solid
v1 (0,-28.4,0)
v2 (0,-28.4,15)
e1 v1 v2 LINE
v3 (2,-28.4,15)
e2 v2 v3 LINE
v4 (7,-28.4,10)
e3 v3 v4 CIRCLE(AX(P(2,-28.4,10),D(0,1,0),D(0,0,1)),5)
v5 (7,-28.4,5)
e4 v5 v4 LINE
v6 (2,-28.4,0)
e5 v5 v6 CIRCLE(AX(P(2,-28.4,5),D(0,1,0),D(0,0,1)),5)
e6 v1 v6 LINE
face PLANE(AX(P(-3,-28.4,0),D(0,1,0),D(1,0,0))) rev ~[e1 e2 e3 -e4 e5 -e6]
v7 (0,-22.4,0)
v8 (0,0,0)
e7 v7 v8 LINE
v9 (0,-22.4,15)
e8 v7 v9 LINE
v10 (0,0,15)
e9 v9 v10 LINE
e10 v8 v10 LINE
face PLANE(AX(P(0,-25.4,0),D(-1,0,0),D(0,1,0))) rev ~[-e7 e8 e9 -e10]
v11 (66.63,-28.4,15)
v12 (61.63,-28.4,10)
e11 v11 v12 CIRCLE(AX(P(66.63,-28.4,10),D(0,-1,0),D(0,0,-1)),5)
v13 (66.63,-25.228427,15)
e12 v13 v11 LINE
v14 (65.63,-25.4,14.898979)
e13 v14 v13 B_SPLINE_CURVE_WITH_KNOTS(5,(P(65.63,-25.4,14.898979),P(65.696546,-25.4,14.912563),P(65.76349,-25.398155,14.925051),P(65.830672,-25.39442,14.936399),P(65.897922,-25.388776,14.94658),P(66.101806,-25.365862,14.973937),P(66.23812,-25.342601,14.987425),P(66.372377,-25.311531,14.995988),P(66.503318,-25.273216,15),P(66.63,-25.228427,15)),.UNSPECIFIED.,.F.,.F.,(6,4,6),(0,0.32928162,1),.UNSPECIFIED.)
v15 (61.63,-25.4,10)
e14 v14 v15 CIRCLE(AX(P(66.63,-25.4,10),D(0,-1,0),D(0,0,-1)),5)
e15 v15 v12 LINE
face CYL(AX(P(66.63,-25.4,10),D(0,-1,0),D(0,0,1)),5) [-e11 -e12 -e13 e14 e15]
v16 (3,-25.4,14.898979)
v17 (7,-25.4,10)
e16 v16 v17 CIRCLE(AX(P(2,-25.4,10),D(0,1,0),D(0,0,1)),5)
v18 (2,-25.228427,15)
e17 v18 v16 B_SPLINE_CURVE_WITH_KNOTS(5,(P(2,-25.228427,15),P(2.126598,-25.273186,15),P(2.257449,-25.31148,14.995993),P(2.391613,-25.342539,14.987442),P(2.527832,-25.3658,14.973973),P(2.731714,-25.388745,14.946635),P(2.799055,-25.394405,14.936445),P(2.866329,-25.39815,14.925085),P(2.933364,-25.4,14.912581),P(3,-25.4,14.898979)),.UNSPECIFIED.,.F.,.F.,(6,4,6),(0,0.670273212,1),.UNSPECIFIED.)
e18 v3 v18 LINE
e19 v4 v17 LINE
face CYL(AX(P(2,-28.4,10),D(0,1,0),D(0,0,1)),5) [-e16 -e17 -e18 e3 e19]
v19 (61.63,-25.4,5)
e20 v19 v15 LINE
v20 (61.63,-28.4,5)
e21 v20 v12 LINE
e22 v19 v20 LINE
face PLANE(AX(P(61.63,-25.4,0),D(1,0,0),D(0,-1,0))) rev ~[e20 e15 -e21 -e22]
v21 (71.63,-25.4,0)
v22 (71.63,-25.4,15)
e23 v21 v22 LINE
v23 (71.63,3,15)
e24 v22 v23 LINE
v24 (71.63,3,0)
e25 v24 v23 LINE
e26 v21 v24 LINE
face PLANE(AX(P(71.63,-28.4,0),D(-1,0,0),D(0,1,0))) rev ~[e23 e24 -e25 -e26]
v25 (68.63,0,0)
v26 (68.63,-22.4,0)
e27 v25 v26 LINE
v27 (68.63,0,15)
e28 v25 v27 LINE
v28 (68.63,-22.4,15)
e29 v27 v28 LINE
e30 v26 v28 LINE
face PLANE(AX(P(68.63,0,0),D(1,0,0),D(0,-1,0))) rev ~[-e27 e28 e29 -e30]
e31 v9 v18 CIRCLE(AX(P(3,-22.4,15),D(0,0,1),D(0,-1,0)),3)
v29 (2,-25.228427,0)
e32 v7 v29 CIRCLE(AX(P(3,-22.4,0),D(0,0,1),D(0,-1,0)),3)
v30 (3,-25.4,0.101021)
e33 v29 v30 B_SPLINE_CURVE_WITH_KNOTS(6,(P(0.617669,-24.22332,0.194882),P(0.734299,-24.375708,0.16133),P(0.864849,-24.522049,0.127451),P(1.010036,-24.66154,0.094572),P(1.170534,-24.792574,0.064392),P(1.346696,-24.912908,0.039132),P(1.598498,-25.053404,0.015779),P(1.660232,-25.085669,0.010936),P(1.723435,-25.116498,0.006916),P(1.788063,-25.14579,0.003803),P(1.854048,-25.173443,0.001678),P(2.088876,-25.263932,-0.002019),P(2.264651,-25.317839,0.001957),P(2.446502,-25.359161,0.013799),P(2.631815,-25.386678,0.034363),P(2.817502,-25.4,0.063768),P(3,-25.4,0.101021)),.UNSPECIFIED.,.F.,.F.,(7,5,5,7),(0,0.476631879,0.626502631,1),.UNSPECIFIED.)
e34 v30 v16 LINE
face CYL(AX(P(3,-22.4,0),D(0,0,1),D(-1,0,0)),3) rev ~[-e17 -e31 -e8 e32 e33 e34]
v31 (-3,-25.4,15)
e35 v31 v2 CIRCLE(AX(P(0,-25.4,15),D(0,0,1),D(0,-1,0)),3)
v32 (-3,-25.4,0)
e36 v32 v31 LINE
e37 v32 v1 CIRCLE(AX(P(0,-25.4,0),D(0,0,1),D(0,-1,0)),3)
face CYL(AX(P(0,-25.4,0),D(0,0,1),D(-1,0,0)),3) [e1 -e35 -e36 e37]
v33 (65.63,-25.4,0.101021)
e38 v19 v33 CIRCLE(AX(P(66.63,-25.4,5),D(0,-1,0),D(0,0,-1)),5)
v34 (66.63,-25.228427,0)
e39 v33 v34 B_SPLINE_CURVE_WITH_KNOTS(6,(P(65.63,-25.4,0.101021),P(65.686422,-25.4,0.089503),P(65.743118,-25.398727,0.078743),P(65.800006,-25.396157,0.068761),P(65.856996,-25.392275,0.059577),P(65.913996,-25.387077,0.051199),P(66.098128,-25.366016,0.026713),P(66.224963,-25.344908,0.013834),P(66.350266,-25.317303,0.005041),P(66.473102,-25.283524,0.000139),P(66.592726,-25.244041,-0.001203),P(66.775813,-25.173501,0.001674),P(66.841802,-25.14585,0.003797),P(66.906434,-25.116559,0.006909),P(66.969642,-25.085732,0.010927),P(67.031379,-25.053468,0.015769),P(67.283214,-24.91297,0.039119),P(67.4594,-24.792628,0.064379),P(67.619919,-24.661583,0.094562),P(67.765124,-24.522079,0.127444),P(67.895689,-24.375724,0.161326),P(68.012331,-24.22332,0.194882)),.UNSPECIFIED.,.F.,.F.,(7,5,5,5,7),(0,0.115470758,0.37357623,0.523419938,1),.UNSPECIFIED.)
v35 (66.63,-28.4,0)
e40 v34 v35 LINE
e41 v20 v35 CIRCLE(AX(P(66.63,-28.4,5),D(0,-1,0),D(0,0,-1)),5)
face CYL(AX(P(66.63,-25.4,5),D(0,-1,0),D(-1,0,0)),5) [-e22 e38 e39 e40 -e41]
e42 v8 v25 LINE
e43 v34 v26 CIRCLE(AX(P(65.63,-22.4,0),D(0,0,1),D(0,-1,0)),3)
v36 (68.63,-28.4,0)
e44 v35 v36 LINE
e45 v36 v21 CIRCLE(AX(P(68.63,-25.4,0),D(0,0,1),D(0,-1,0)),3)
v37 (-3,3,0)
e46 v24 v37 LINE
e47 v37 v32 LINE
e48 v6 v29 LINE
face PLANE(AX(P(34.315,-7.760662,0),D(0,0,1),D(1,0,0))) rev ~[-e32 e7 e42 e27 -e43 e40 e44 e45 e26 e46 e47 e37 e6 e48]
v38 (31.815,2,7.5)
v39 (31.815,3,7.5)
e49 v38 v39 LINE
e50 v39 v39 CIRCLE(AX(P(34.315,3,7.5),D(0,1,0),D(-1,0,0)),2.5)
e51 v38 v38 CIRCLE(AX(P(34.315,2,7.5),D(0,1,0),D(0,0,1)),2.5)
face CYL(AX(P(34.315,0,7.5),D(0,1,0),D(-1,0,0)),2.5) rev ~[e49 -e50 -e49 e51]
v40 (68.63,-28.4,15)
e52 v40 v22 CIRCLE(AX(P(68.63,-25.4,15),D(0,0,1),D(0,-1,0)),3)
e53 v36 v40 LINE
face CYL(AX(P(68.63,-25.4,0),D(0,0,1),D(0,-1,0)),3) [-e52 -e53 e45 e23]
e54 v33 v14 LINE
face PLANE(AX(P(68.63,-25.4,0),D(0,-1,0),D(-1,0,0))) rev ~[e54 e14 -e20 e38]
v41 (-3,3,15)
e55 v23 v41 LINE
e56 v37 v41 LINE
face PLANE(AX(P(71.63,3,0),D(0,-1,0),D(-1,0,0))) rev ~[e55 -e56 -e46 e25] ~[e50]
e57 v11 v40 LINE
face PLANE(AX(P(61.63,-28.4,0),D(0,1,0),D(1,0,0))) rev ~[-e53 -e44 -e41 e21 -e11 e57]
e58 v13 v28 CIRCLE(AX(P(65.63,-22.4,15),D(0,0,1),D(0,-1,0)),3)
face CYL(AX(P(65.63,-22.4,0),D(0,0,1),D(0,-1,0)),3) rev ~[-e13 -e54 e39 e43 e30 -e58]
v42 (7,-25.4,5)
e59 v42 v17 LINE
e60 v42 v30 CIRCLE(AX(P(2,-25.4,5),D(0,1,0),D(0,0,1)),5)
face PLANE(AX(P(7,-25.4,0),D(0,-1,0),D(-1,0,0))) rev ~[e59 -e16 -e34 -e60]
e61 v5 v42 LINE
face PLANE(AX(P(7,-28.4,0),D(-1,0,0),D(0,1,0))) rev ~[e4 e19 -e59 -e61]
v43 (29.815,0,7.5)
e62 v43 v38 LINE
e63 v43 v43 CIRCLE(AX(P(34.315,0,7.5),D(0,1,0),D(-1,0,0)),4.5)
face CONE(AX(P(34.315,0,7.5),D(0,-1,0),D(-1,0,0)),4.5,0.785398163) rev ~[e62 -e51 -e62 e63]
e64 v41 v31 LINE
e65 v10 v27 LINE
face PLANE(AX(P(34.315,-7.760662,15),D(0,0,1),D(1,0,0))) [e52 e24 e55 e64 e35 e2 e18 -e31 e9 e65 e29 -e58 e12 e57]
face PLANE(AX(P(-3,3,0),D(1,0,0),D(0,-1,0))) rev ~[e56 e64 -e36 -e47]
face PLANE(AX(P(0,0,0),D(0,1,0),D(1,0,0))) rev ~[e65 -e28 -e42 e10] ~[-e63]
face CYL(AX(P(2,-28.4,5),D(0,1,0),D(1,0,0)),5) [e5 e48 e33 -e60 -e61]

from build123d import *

# Parameters (mm, degrees)
F1_DEPTH       = 15
F3_D           = 5
F3_DEPTH       = 11
F3_CSINK_D     = 9
F3_CSINK_ANGLE = 90
F4_R           = 5
F5_R           = 3


with BuildPart() as f1:
    # F0 (on Top) → F1 (new body)
    with BuildSketch(Plane.XY):
        Polygon((0, -25.4), (0, 0), (68.63, 0), (68.63, -25.4), (61.63, -25.4), (61.63, -28.4), (71.63, -28.4), (71.63, 3), (-3, 3), (-3, -28.4), (7, -28.4), (7, -25.4), align=None)
    extrude(amount=F1_DEPTH)

    # F3
    with Locations(Plane.XZ):
        with Locations((34.315, 7.5)):
            CounterSinkHole(F3_D / 2, F3_CSINK_D / 2, depth=F3_DEPTH, counter_sink_angle=F3_CSINK_ANGLE)

    # F4
    f4_edges = [f1.edges().sort_by_distance(p)[0] for p in [
        (7, -26.9, 15),
        (61.63, -26.9, 15),
        (7, -26.9, 0),
        (61.63, -26.9, 0),
    ]]
    fillet(f4_edges, radius=F4_R)

    # F5
    f5_edges = [f1.edges().sort_by_distance(p)[0] for p in [
        (0, -25.4, 7.5),
        (-3, -28.4, 7.5),
        (71.63, -28.4, 7.5),
        (68.63, -25.4, 7.5),
    ]]
    fillet(f5_edges, radius=F5_R)


solid = f1.part
